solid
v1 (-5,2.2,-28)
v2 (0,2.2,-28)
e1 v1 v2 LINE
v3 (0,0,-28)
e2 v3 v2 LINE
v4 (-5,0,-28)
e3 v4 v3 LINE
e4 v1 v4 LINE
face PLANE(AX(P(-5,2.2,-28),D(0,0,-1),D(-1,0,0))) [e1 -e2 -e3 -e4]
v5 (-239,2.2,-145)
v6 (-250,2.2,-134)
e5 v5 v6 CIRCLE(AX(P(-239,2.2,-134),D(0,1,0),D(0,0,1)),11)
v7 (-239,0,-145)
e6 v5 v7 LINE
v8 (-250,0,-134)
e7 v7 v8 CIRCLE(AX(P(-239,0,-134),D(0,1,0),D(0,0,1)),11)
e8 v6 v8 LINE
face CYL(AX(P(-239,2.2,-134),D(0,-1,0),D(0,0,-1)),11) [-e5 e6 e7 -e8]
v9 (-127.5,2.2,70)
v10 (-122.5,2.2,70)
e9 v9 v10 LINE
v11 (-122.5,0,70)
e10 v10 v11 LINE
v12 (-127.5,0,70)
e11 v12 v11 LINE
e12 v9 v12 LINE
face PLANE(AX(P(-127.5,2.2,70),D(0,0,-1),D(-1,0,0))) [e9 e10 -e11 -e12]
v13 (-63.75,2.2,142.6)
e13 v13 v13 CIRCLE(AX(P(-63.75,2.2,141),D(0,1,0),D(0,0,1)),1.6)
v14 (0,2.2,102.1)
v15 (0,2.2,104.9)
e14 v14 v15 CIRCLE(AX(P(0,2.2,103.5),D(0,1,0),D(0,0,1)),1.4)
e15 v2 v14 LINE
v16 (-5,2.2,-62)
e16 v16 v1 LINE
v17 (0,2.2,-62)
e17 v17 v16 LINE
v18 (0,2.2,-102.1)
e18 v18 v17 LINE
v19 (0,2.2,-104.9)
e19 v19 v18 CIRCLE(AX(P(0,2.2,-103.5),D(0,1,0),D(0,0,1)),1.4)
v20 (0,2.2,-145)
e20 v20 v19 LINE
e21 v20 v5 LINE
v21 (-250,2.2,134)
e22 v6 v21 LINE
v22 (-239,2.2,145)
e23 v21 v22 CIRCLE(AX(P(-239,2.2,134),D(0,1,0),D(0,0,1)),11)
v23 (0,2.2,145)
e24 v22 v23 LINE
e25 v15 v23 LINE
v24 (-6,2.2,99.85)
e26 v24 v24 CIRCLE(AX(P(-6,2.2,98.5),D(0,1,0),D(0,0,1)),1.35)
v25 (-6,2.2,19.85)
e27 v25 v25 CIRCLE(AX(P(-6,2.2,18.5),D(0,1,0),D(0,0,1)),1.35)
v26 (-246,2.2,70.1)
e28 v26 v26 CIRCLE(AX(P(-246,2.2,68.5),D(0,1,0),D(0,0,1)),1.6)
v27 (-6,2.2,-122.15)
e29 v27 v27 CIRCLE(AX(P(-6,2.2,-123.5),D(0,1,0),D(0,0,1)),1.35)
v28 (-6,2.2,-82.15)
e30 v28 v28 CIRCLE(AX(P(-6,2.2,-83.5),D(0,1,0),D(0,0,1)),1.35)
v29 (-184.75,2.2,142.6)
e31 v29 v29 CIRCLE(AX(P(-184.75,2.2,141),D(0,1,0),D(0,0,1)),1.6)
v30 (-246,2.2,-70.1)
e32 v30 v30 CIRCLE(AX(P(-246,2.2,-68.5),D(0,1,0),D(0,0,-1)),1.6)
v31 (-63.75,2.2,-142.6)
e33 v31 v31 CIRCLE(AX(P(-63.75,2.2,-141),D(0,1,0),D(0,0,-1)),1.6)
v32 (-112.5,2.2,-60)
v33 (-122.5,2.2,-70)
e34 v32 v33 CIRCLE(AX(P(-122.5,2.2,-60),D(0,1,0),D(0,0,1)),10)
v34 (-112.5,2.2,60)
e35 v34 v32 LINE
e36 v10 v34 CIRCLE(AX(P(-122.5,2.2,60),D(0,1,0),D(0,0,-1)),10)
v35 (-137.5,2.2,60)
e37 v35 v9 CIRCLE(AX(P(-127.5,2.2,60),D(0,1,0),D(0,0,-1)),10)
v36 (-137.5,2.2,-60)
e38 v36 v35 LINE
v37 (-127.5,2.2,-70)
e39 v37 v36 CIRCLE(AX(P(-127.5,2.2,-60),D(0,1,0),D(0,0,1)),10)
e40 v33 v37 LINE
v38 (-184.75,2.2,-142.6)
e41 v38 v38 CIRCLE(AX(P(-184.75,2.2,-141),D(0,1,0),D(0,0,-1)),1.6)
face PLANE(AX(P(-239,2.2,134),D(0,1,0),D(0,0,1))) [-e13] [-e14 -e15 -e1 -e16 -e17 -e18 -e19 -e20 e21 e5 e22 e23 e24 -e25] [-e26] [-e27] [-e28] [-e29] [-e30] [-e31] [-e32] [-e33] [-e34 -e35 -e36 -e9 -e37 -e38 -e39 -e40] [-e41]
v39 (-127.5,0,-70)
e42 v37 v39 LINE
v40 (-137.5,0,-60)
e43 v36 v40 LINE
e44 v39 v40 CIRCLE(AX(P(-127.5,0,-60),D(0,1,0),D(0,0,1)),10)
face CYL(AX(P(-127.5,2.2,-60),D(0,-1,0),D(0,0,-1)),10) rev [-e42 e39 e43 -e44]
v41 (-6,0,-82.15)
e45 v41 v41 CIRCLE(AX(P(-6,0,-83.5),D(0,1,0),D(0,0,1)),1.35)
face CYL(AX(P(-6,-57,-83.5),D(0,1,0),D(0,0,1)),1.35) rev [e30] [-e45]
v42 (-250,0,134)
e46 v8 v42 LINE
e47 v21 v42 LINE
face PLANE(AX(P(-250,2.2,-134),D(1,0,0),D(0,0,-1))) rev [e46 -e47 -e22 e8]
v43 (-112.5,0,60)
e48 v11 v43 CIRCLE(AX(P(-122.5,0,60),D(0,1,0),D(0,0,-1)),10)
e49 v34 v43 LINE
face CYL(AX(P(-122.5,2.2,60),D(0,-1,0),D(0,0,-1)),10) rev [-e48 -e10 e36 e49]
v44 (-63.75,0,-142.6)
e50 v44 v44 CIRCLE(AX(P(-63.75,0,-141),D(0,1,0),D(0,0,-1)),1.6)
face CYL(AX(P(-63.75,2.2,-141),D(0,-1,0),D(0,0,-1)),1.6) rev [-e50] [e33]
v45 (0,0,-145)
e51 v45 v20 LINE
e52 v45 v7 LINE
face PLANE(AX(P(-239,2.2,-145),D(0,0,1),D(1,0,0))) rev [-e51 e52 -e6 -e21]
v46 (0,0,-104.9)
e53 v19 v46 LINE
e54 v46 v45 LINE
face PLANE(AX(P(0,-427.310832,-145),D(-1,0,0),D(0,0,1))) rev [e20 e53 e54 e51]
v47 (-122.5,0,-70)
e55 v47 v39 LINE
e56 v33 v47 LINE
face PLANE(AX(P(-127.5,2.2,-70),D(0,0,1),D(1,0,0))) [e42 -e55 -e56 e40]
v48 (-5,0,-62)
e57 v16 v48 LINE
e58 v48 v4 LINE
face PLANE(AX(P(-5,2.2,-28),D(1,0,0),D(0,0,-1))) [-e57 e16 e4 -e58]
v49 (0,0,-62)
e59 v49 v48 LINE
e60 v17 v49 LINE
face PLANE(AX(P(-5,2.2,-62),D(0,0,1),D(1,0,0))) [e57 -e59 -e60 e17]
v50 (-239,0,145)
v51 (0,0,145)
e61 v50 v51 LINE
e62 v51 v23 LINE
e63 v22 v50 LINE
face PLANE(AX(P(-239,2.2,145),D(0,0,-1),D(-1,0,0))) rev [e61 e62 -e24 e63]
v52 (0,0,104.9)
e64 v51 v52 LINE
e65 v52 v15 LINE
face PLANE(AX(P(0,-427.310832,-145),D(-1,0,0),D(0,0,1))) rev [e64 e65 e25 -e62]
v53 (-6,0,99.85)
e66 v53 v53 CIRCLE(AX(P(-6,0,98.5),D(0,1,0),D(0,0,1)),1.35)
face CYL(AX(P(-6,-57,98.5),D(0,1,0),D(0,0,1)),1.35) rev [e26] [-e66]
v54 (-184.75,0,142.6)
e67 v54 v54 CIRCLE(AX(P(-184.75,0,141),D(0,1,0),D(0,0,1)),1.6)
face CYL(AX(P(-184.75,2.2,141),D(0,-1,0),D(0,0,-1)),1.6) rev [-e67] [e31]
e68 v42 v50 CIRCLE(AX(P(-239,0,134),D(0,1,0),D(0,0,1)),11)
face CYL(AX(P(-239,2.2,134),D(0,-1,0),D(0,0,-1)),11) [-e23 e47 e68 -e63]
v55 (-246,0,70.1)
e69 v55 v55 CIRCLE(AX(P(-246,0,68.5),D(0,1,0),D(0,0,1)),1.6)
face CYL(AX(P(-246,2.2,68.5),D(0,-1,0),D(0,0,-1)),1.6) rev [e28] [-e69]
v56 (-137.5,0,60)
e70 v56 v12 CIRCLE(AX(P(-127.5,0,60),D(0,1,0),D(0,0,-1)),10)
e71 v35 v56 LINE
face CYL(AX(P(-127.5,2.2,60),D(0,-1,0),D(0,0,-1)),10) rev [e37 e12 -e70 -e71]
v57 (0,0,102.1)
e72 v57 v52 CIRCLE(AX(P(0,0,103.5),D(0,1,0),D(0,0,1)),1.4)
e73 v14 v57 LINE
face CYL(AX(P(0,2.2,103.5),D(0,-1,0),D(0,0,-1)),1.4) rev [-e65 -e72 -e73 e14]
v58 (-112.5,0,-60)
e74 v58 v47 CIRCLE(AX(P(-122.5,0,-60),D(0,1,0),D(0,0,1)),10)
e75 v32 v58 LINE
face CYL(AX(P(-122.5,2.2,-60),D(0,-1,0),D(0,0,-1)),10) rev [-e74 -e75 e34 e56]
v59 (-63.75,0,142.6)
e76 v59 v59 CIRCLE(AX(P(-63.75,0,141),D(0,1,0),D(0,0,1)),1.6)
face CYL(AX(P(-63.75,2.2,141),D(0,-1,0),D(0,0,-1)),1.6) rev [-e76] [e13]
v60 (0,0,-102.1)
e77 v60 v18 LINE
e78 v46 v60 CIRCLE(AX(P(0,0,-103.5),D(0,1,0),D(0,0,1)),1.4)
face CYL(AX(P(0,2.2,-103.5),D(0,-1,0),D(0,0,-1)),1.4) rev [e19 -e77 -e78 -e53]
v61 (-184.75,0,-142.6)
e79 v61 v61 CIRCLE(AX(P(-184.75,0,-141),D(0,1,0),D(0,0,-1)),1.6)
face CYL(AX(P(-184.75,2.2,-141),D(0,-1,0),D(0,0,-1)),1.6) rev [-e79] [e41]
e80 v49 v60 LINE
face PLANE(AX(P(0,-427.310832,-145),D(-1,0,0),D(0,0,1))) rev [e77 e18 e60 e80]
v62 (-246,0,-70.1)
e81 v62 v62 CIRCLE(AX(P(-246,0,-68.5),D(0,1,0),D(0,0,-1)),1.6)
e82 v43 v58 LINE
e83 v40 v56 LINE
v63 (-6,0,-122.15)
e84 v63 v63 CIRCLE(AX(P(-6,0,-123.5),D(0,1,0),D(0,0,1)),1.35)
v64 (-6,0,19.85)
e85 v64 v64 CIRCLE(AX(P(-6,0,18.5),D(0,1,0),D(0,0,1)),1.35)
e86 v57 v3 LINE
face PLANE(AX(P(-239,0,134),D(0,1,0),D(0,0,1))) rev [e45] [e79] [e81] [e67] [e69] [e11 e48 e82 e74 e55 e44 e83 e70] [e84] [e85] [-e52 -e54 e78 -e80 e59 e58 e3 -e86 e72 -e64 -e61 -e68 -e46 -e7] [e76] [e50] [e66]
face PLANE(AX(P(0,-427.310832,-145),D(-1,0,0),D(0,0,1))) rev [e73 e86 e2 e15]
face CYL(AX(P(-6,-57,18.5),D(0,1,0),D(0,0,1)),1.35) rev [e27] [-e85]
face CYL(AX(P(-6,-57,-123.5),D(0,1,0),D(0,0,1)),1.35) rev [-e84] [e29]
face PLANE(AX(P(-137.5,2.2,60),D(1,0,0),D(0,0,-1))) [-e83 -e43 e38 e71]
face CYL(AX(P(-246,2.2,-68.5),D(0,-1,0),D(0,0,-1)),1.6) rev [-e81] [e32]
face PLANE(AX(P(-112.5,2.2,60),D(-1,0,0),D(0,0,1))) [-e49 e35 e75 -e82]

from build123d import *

# Parameters (mm, degrees)
SKETCH1_R           = 1.6
SKETCH1_R_2         = 1.4
SKETCH1_W           = 10
SKETCH1_H           = 34
BOSS_EXTRUDE1_DEPTH = 2.2
SKETCH2_R           = 1.35
CUT_EXTRUDE1_DEPTH  = 59.2
SKETCH4_W           = 288.577472545
SKETCH4_H           = 315.146932737
CUT_EXTRUDE2_DEPTH  = 2.2


with BuildPart() as part:
    # Sketch1 → Boss-Extrude1 (new body)
    with BuildSketch(Plane(origin=(0, 0, 0), x_dir=(1, 0, 0), z_dir=(0, 1, 0))):
        with BuildLine():
            Line((-239, 145), (239, 145))
            ThreePointArc((239, 145), (246.778174593, 141.778174593), (250, 134))
            Line((250, 134), (250, -134))
            ThreePointArc((250, -134), (246.778174593, -141.778174593), (239, -145))
            Line((239, -145), (-239, -145))
            ThreePointArc((-239, -145), (-246.778174593, -141.778174593), (-250, -134))
            Line((-250, -134), (-250, 134))
            ThreePointArc((-250, 134), (-246.778174593, 141.778174593), (-239, 145))
        make_face()
        with Locations(Location((63.75, 141, 0), (0, 0, 270))):
            Circle(SKETCH1_R, mode=Mode.SUBTRACT)
        with Locations(Location((184.75, 141, 0), (0, 0, 270))):
            Circle(SKETCH1_R, mode=Mode.SUBTRACT)
        with Locations(Location((246, 68.5, 0), (0, 0, 270))):
            Circle(SKETCH1_R, mode=Mode.SUBTRACT)
        with Locations(Location((0, 103.5, 0), (0, 0, 270))):
            Circle(SKETCH1_R_2, mode=Mode.SUBTRACT)
        with Locations(Location((0, -103.5, 0), (0, 0, 270))):
            Circle(SKETCH1_R_2, mode=Mode.SUBTRACT)
        with Locations(Location((-246, 68.5, 0), (0, 0, 90))):
            Circle(SKETCH1_R, mode=Mode.SUBTRACT)
        with Locations(Location((-184.75, 141, 0), (0, 0, 90))):
            Circle(SKETCH1_R, mode=Mode.SUBTRACT)
        with Locations(Location((-63.75, 141, 0), (0, 0, 90))):
            Circle(SKETCH1_R, mode=Mode.SUBTRACT)
        with Locations(Location((184.75, -141, 0), (0, 0, 90))):
            Circle(SKETCH1_R, mode=Mode.SUBTRACT)
        with Locations(Location((246, -68.5, 0), (0, 0, 90))):
            Circle(SKETCH1_R, mode=Mode.SUBTRACT)
        with Locations(Location((63.75, -141, 0), (0, 0, 90))):
            Circle(SKETCH1_R, mode=Mode.SUBTRACT)
        with Locations(Location((-63.75, -141, 0), (0, 0, 270))):
            Circle(SKETCH1_R, mode=Mode.SUBTRACT)
        with Locations(Location((-184.75, -141, 0), (0, 0, 270))):
            Circle(SKETCH1_R, mode=Mode.SUBTRACT)
        with Locations(Location((-246, -68.5, 0), (0, 0, 270))):
            Circle(SKETCH1_R, mode=Mode.SUBTRACT)
        with BuildLine():
            Line((-127.5, -70), (-122.5, -70))
            ThreePointArc((-122.5, -70), (-115.428932188, -67.071067812), (-112.5, -60))
            Line((-112.5, -60), (-112.5, 60))
            ThreePointArc((-112.5, 60), (-115.428932188, 67.071067812), (-122.5, 70))
            Line((-122.5, 70), (-127.5, 70))
            ThreePointArc((-127.5, 70), (-134.571067812, 67.071067812), (-137.5, 60))
            Line((-137.5, 60), (-137.5, -60))
            ThreePointArc((-137.5, -60), (-134.571067812, -67.071067812), (-127.5, -70))
        make_face(mode=Mode.SUBTRACT)
        with BuildLine():
            Line((122.5, -70), (127.5, -70))
            ThreePointArc((127.5, -70), (134.571067812, -67.071067812), (137.5, -60))
            Line((137.5, -60), (137.5, 60))
            ThreePointArc((137.5, 60), (134.571067812, 67.071067812), (127.5, 70))
            Line((127.5, 70), (122.5, 70))
            ThreePointArc((122.5, 70), (115.428932188, 67.071067812), (112.5, 60))
            Line((112.5, 60), (112.5, -60))
            ThreePointArc((112.5, -60), (115.428932188, -67.071067812), (122.5, -70))
        make_face(mode=Mode.SUBTRACT)
        with Locations((0, 45)):
            Rectangle(SKETCH1_W, SKETCH1_H, mode=Mode.SUBTRACT)
    extrude(amount=BOSS_EXTRUDE1_DEPTH)

    # Sketch2 → Cut-Extrude1 (cut)
    with BuildSketch(Plane(origin=(0, 2.2, 0), x_dir=(1, 0, 0), z_dir=(0, 1, 0))):
        with Locations(Location((-6, -18.5, 0), (0, 0, 270))):
            Circle(SKETCH2_R)
        with Locations(Location((6, -18.5, 0), (0, 0, 270))):
            Circle(SKETCH2_R)
        with Locations(Location((-6, -98.5, 0), (0, 0, 270))):
            Circle(SKETCH2_R)
        with Locations(Location((6, -98.5, 0), (0, 0, 270))):
            Circle(SKETCH2_R)
        with Locations(Location((-6, 123.5, 0), (0, 0, 270))):
            Circle(SKETCH2_R)
        with Locations(Location((6, 123.5, 0), (0, 0, 270))):
            Circle(SKETCH2_R)
        with Locations(Location((-6, 83.5, 0), (0, 0, 270))):
            Circle(SKETCH2_R)
        with Locations(Location((6, 83.5, 0), (0, 0, 270))):
            Circle(SKETCH2_R)
    extrude(amount=-CUT_EXTRUDE1_DEPTH, mode=Mode.SUBTRACT)

    # Sketch4 → Cut-Extrude2 (cut)
    with BuildSketch(Plane(origin=(0, 2.2, 0), x_dir=(1, 0, 0), z_dir=(0, 1, 0))):
        with Locations((144.288736273, -12.573466369)):
            Rectangle(SKETCH4_W, SKETCH4_H)
    extrude(amount=-CUT_EXTRUDE2_DEPTH, mode=Mode.SUBTRACT)


solid = part.part
